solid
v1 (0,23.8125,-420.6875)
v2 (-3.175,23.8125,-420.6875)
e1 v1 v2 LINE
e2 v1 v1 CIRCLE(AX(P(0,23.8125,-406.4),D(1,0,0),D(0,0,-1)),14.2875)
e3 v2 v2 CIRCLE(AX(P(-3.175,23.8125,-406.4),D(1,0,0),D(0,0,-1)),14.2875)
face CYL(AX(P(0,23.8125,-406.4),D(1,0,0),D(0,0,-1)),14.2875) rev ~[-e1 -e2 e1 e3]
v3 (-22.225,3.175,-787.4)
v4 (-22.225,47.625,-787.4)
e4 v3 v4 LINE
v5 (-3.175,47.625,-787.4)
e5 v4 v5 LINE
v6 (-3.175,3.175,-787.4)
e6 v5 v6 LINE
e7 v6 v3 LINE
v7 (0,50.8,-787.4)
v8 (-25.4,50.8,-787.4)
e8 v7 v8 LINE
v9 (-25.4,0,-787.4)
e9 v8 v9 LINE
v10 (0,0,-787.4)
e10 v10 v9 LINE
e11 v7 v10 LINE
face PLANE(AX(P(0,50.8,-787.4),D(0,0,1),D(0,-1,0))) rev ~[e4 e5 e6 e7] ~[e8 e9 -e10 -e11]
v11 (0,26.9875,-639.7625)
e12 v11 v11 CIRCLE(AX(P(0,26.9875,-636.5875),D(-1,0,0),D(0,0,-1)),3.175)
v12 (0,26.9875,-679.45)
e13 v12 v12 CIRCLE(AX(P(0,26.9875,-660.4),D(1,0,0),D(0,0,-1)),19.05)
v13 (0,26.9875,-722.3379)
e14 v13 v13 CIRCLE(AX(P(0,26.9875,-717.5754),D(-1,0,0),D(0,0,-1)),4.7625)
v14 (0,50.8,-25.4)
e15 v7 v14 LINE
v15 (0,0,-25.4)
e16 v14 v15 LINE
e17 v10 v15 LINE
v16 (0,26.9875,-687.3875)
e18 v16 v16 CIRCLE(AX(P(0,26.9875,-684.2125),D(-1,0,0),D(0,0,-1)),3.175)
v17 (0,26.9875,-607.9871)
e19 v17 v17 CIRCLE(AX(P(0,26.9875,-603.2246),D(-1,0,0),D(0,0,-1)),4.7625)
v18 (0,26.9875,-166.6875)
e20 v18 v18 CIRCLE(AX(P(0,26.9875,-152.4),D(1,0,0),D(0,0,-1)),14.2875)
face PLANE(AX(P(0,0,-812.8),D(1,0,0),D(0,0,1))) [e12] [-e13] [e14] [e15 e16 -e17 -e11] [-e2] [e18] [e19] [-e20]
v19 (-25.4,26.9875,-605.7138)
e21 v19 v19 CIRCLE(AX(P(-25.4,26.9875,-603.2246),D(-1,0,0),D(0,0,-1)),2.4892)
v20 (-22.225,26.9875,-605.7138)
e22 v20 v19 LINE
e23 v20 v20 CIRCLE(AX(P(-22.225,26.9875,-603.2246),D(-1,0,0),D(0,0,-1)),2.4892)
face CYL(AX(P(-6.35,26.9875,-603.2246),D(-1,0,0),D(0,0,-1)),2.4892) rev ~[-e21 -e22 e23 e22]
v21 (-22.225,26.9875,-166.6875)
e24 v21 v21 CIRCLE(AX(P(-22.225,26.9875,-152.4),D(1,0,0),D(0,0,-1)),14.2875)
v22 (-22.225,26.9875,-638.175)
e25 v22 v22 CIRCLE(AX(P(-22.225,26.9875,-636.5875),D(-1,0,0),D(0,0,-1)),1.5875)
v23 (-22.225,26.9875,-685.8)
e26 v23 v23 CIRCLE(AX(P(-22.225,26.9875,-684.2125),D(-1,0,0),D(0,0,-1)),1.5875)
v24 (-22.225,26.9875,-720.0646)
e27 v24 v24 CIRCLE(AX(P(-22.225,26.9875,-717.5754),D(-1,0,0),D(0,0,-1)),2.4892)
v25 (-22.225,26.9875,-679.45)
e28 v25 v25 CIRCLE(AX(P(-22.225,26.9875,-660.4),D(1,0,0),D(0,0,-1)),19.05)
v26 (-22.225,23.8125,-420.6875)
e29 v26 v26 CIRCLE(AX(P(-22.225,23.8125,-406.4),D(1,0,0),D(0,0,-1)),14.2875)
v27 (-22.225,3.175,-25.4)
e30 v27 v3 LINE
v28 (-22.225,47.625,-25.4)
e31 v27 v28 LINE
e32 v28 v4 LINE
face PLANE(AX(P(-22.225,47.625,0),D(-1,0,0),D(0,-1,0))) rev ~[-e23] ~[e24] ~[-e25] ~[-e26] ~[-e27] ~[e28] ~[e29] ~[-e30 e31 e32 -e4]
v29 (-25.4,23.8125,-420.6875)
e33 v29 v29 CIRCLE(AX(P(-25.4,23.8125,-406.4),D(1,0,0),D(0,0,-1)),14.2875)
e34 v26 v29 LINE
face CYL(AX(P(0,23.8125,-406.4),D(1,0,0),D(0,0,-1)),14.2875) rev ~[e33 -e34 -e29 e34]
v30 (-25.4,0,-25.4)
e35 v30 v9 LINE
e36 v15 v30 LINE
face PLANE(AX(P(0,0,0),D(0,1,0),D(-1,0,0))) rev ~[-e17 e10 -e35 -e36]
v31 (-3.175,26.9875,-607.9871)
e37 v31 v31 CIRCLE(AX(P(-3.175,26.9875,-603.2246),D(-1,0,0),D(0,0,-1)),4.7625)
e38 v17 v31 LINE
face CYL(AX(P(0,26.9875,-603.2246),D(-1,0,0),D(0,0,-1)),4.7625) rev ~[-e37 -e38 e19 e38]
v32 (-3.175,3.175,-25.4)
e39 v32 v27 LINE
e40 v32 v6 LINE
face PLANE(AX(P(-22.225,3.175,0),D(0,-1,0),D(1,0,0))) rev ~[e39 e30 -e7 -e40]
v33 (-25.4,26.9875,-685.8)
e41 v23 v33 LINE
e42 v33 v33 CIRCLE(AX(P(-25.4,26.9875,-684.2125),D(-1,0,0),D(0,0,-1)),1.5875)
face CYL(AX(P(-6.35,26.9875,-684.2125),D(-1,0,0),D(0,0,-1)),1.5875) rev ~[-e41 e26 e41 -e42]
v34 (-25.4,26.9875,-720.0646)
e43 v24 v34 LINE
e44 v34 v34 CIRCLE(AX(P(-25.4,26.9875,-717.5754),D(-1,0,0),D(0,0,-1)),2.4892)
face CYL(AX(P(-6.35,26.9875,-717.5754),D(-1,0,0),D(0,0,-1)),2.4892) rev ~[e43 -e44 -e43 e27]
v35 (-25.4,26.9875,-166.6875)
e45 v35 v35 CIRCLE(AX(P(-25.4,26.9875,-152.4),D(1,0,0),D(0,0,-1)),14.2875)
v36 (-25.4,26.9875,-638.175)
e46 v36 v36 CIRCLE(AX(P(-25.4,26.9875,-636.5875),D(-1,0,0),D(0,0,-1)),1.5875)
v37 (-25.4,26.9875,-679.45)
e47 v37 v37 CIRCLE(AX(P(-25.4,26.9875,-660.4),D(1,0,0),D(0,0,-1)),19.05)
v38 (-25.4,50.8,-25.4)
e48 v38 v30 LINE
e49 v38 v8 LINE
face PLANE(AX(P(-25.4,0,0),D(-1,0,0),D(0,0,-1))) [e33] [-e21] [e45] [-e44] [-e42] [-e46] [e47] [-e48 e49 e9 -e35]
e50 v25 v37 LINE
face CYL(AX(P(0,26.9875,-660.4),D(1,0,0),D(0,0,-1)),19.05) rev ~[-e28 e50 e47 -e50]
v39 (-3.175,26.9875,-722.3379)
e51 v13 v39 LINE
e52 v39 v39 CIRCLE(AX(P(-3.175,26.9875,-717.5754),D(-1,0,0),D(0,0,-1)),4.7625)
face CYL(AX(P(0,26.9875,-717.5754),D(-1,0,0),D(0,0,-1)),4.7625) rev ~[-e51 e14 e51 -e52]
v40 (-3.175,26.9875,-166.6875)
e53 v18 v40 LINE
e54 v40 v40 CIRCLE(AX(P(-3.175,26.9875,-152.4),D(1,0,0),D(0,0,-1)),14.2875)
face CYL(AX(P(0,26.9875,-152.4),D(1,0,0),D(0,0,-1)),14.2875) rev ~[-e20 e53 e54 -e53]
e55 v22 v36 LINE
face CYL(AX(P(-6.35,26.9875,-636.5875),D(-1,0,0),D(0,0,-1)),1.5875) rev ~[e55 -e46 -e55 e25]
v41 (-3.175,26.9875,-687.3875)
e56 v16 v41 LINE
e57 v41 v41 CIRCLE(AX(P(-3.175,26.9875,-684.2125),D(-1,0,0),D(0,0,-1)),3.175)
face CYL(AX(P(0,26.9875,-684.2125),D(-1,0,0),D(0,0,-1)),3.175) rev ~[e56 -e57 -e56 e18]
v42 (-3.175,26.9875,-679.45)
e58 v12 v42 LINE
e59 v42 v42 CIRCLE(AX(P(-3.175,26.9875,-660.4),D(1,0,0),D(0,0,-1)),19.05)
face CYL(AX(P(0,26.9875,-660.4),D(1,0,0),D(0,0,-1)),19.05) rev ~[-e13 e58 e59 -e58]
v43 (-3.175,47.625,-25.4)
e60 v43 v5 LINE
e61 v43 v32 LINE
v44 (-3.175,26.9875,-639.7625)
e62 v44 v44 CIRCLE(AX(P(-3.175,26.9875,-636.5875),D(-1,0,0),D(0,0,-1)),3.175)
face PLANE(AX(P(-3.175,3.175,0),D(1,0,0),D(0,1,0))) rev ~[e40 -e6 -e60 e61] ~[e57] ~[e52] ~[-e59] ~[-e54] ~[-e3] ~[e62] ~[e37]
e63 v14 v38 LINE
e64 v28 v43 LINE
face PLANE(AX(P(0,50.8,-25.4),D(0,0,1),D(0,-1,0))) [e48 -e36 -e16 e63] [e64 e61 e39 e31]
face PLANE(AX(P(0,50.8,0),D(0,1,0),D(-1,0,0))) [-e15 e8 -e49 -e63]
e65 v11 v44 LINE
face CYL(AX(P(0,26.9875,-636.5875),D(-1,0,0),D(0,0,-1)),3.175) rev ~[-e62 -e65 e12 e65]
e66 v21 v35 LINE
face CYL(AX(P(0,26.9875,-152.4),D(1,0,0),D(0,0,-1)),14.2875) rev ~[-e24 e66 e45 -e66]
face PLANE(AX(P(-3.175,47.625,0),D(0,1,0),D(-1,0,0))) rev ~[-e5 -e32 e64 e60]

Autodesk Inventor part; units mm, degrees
ref_plane "YZ Plane" through (0, 0, 0) normal (1, 0, 0) x (0, 1, 0)
ref_plane "XZ Plane" through (0, 0, 0) normal (0, 1, 0) x (-1, 0, 0)
ref_plane "XY Plane" through (0, 0, 0) normal (0, 0, 1) x (1, 0, 0)
sketch "Sketch1" plane through (0, 0, 0) normal (0, 1, 0) x (-1, 0, 0)
  point P0 (0, 0)
sketch "Sketch2" plane through (0, 0, 0) normal (0, 1, 0) x (-1, 0, 0)
  line L0 (0, 0) -> (25.4, 0)
  line L1 (25.4, 0) -> (25.4, -812.8)
  line L2 (25.4, -812.8) -> (0, -812.8)
  line L3 (0, -812.8) -> (0, 0)
  dimension "d0" = 812.8
  dimension "d1" = 25.4
extrude "Extrusion1" add sketch "Sketch2" along normal blind 50.8
sketch "Sketch3" plane through (0, 0, 0) normal (1, 0, 0) x (0, 0, -1)
  circle A0 centre (152.4, 26.9875) radius 14.2875
  line L0 (0, 0) -> (0, 50.8) projected
  line L1 (0, 50.8) -> (812.8, 50.8) projected
  circle A1 centre (660.4, 26.9875) radius 19.05
  line L2 (812.8, 0) -> (812.8, 50.8) projected
  line L3 (812.8, 0) -> (0, 0) projected
  circle A2 centre (406.4, 23.8125) radius 14.2875
  point P0 (406.4, 50.8)
  point P1 (406.4, 0)
  point P2 (406.4, 0)
  dimension "d4" = 28.575
  dimension "d5" = 152.4
  dimension "d6" = 23.8125
  dimension "d7" = 38.1
  dimension "d8" = 152.4
  dimension "d9" = 26.9875
  dimension "d10" = 28.575
  dimension "d11" = 26.9875
extrude "Extrusion2" cut sketch "Sketch3" against normal through all contours A0 | A1 | A2
sketch "Sketch4" plane through (-25.4, 0, 0) normal (0, 0, 1) x (1, 0, 0)
  line L0 (0, 50.8) -> (25.4, 50.8) projected
  line L1 (25.4, 0) -> (25.4, 50.8) projected
  line L2 (25.4, 0) -> (0, 0) projected
  line L3 (0, 0) -> (0, 50.8) projected
  line L4 (22.225, 47.625) -> (3.175, 47.625)
  line L5 (3.175, 47.625) -> (3.175, 3.175)
  line L6 (3.175, 3.175) -> (22.225, 3.175)
  line L7 (22.225, 3.175) -> (22.225, 47.625)
  dimension "d15" = 3.175
extrude "Extrusion3" cut sketch "Sketch4" against normal up to surface (812.8 mm away) contours L7 L6 L5 L4
sketch "Sketch5" plane through (0, 0, 0) normal (1, 0, 0) x (0, 0, -1)
  circle A0 centre (660.4, 26.9875) radius 19.05 projected
  circle A1 centre (152.4, 26.9875) radius 14.2875 projected
  circle A2 centre (406.4, 23.8125) radius 14.2875 projected
  line L0 (812.8, 0) -> (0, 0) projected
  line L1 (812.8, 0) -> (812.8, 50.8) projected
  line L2 (0, 50.8) -> (812.8, 50.8) projected
  line L3 (0, 0) -> (0, 50.8) projected
  line L4 (0, 50.8) -> (25.4, 50.8)
  line L5 (25.4, 50.8) -> (25.4, 0)
  line L6 (25.4, 0) -> (0, 0)
  line L7 (0, 0) -> (0, 50.8)
  line L8 (812.8, 0) -> (812.8, 50.8) projected
  line L9 (812.8, 0) -> (0, 0) projected
  line L10 (812.8, 50.8) -> (787.4, 50.8)
  line L11 (787.4, 50.8) -> (787.4, 0)
  line L12 (787.4, 0) -> (812.8, 0)
  line L13 (812.8, 0) -> (812.8, 50.8)
  dimension "d18" = 25.4
  dimension "d19" = 25.4
  dimension "d59" = 38.1
extrude "Extrusion4" cut sketch "Sketch5" against normal blind 25.4 contours L0 L11 L2 L1 | L0 L3 L2 L5
sketch "Sketch6" plane through (0, 0, -25.4) normal (1, 0, 0) x (0, 0, -1)
  line L0 (762, 0) -> (762, 50.8) projected
  circle A0 centre (635, 26.9875) radius 19.05 projected
  line L1 (0, 50.8) -> (762, 50.8) projected
  line L2 (0, 50.8) -> (0, 0) projected
  line L3 (762, 0) -> (0, 0) projected
  line L4 (762, 0) -> (762, 50.8) projected
  line L5 (0, 50.8) -> (762, 50.8) projected
  circle A1 centre (635, 26.9875) radius 19.05 projected
  circle A2 centre (127, 26.9875) radius 14.2875 projected
  circle A3 centre (381, 23.8125) radius 14.2875 projected
  point P0 (-25.4, 0)
  point P1 (658.8125, 26.9875)
  point P2 (611.1875, 26.9875)
  point P3 (692.1754, 26.9875)
  point P4 (577.8246, 26.9875)
  dimension "d37" = 47.625
  dimension "d38" = 23.8125
  dimension "d39" = 57.1754
  dimension "d40" = 57.1754
  dimension "d60" = 38.1
hole "Hole1" at (0, 26.9875, -717.5754) at (0, 26.9875, -603.2246) direction (-1, 0, 0) diameter 4.9784 end through all counterbore diameter 9.525 counterbore depth 6.35
sketch "Sketch7" plane through (0, 0, -25.4) normal (1, 0, 0) x (0, 0, -1)
  circle A0 centre (635, 26.9875) radius 19.05 projected
  point P0 (-25.4, 0)
  point P1 (658.8125, 26.9875)
  point P2 (611.1875, 26.9875)
  dimension "d48" = 47.625
  dimension "d49" = 23.8125
  dimension "d50" = 23.8125
  dimension "d58" = 38.1
hole "Hole2" at (0, 26.9875, -636.5875) at (0, 26.9875, -684.2125) direction (-1, 0, 0) diameter 3.175 end through all counterbore diameter 6.35 counterbore depth 6.35
equation "\"d9\" = d11"
equation "\"d38\" = 0.5 * d37"
equation "\"d40\" = d39"
equation "\"d50\" = d49"
properties part number "2x1 20in Alluminum with Cal DropRighttSide.ver1-1111-2019"
